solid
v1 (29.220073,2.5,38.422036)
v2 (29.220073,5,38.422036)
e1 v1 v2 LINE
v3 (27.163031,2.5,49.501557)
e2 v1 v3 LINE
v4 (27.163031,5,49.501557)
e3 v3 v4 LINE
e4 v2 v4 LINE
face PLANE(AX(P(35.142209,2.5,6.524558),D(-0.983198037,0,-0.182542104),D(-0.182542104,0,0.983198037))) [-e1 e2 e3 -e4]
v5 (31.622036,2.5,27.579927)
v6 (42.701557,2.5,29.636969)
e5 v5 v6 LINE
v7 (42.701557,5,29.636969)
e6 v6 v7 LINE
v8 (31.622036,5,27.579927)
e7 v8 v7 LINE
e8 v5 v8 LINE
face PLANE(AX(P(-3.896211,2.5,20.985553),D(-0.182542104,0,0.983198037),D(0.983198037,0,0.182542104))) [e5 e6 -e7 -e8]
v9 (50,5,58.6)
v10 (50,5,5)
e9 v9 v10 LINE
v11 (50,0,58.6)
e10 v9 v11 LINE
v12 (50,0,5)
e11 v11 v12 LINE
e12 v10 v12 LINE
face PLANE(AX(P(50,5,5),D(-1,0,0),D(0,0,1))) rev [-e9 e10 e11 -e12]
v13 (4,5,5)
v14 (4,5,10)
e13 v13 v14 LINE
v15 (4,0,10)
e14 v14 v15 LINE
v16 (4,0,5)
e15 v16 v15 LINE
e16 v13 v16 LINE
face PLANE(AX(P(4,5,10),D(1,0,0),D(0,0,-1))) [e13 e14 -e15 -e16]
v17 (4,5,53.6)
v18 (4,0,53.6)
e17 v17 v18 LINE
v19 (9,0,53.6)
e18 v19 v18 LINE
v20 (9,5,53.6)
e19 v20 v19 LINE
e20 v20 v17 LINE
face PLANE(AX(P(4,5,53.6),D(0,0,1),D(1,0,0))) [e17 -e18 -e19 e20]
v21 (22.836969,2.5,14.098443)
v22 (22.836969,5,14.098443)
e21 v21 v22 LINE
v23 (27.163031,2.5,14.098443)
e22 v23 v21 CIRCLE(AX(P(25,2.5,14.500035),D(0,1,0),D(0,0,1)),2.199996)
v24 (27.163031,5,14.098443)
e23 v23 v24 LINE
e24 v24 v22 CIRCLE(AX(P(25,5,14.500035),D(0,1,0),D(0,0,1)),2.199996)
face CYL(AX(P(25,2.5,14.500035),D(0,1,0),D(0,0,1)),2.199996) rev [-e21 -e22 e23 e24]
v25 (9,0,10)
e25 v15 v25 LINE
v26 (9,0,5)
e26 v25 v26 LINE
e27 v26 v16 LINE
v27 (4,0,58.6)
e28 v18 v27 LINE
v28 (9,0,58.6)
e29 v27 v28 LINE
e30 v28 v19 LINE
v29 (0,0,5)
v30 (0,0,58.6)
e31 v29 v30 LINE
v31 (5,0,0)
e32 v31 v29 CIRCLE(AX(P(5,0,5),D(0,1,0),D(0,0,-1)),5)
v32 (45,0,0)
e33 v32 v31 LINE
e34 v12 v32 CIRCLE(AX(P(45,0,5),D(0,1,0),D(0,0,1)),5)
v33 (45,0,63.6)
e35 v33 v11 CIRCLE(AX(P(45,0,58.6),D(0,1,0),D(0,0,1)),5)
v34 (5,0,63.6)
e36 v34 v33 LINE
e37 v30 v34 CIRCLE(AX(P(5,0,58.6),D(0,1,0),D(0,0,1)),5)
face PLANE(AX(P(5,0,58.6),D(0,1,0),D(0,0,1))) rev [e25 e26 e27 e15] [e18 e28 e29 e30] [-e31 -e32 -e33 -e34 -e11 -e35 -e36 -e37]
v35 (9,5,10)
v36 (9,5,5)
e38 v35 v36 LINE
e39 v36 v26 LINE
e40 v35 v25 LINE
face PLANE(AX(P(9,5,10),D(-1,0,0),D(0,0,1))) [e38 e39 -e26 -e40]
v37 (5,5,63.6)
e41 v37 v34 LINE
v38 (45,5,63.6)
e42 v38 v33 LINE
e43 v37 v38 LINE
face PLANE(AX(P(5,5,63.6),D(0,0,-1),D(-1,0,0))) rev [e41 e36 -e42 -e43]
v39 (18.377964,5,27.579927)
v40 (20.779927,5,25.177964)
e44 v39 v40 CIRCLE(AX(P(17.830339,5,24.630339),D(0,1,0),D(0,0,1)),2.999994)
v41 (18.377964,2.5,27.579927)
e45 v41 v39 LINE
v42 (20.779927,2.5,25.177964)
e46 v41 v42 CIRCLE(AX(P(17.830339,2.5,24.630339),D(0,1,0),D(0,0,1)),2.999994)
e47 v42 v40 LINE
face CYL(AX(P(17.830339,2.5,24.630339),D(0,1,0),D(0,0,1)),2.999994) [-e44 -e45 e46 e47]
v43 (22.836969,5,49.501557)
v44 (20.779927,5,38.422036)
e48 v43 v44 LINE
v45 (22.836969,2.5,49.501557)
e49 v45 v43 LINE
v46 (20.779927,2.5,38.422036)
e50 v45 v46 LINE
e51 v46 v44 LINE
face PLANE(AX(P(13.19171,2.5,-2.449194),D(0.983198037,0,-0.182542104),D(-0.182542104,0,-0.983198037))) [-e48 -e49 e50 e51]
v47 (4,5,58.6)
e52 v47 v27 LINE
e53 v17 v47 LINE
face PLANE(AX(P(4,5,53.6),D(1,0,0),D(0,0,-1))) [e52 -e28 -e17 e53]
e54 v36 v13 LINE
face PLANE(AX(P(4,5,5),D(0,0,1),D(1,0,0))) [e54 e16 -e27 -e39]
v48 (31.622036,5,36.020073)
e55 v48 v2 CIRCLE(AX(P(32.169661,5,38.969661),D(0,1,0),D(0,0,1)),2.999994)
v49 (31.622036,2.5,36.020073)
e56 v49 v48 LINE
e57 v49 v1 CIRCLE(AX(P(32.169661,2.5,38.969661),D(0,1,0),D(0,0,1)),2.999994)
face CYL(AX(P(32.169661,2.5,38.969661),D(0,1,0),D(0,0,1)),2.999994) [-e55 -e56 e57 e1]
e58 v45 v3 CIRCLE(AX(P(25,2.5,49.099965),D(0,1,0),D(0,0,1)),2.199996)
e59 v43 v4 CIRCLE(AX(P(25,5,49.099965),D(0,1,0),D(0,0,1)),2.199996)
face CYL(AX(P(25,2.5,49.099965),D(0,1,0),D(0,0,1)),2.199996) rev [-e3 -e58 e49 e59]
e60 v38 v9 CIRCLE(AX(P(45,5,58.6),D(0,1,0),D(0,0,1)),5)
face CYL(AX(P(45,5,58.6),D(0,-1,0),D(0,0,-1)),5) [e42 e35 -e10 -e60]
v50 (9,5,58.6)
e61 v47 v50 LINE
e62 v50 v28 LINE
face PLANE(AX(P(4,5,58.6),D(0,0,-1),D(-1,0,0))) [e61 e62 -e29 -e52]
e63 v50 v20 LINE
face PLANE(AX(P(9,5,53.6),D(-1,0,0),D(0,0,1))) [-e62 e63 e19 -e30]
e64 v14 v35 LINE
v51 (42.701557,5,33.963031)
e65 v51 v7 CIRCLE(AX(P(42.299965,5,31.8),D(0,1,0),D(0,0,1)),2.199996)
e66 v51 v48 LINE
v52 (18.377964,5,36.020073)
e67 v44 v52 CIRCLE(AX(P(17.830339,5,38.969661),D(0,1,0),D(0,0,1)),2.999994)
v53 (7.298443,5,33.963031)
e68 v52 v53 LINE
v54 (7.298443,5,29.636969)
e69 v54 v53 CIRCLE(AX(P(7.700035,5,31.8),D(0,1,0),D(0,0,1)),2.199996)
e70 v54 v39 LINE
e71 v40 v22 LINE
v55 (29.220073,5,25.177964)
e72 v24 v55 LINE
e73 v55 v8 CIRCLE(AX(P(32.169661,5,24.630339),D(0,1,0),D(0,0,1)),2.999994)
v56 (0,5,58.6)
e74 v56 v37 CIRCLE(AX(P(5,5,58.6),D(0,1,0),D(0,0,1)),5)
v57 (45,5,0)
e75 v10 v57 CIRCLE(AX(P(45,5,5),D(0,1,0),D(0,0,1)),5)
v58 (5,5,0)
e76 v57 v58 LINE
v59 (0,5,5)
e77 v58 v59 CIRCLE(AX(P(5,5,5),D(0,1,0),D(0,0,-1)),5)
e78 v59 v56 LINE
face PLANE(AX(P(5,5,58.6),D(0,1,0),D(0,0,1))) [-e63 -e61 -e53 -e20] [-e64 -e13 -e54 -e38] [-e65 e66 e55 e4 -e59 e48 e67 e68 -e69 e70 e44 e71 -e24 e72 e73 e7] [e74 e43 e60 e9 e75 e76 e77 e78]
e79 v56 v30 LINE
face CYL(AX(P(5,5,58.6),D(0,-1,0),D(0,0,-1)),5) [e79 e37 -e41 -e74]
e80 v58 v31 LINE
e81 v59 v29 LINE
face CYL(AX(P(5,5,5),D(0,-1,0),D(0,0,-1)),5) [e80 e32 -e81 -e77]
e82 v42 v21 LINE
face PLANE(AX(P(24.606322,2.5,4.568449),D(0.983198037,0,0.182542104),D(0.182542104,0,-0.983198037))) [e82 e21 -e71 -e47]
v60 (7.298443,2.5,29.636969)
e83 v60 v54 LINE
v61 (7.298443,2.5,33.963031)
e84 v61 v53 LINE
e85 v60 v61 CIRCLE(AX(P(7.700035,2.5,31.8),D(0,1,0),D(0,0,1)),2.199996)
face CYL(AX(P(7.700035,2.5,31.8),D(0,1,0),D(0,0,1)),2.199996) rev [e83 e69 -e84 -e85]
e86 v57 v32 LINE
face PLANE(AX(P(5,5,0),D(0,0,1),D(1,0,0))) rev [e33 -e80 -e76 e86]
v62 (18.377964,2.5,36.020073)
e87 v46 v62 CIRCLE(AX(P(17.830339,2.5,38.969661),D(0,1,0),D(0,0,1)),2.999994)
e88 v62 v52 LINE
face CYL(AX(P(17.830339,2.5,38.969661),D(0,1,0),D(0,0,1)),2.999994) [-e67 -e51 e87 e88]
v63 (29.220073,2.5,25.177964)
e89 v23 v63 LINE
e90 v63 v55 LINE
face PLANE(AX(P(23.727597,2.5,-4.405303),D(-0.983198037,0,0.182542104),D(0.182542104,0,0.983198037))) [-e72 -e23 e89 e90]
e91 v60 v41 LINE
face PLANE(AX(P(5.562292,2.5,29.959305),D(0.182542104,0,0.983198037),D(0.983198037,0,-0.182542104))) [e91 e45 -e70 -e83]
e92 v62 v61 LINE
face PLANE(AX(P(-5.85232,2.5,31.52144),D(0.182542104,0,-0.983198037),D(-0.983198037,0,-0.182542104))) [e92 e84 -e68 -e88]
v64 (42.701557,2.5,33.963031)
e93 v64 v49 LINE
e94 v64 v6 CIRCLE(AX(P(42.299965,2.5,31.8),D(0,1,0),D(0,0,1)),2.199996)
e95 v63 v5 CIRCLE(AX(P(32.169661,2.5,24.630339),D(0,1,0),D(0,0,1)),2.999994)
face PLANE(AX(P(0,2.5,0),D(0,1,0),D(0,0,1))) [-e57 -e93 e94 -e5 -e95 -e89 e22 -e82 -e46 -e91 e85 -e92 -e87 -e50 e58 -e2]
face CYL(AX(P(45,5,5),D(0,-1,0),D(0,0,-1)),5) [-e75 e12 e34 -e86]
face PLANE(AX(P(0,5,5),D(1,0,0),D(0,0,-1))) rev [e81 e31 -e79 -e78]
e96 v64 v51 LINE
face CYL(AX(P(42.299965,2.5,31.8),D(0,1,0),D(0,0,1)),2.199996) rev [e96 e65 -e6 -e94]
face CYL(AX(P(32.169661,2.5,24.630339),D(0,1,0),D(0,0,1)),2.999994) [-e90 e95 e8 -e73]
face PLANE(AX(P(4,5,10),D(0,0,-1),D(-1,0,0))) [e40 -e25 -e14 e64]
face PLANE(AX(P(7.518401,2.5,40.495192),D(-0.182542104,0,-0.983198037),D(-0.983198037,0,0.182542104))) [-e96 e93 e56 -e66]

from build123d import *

# Parameters (mm, degrees)
SKETCH2_W           = 5
SKETCH2_H           = 5
BOSS_EXTRUDE1_DEPTH = 5
CUT_EXTRUDE1_DEPTH  = 2.5


with BuildPart() as part:
    # Sketch2 → Boss-Extrude1 (new body)
    with BuildSketch(Plane(origin=(0, 0, 0), x_dir=(1, 0, 0), z_dir=(0, 1, 0))):
        with BuildLine():
            Line((5, 0), (45, 0))
            ThreePointArc((45, 0), (48.535533906, -1.464466094), (50, -5))
            Line((50, -5), (50, -58.6))
            ThreePointArc((50, -58.6), (48.535533906, -62.135533906), (45, -63.6))
            Line((45, -63.6), (5, -63.6))
            ThreePointArc((5, -63.6), (1.464466094, -62.135533906), (0, -58.6))
            Line((0, -58.6), (0, -5))
            ThreePointArc((0, -5), (1.464466094, -1.464466094), (5, 0))
        make_face()
        with Locations((6.5, -56.1)):
            Rectangle(SKETCH2_W, SKETCH2_H, mode=Mode.SUBTRACT)
        with Locations((6.5, -7.5)):
            Rectangle(SKETCH2_W, SKETCH2_H, mode=Mode.SUBTRACT)
    extrude(amount=BOSS_EXTRUDE1_DEPTH)

    # Sketch4 → Cut-Extrude1 (cut)
    with BuildSketch(Plane(origin=(0, 5, 0), x_dir=(1, 0, 0), z_dir=(0, 1, 0))):
        with BuildLine():
            Line((18.377964167, -27.579927161), (7.298442774, -29.636968644))
            ThreePointArc((7.298442774, -29.636968644), (6.008366652, -30.393500731), (5.500039, -31.8))
            ThreePointArc((5.500039, -31.8), (6.008366652, -33.206499269), (7.298442774, -33.963031356))
            Line((7.298442774, -33.963031356), (18.377964167, -36.020072839))
            ThreePointArc((18.377964167, -36.020072839), (19.95165505, -36.84834495), (20.779927161, -38.422035833))
            Line((20.779927161, -38.422035833), (22.836968644, -49.501557226))
            ThreePointArc((22.836968644, -49.501557226), (25, -51.299961), (27.163031356, -49.501557226))
            Line((27.163031356, -49.501557226), (29.220072839, -38.422035833))
            ThreePointArc((29.220072839, -38.422035833), (30.04834495, -36.84834495), (31.622035833, -36.020072839))
            Line((31.622035833, -36.020072839), (42.701557226, -33.963031356))
            ThreePointArc((42.701557226, -33.963031356), (44.499961, -31.8), (42.701557226, -29.636968644))
            Line((42.701557226, -29.636968644), (31.622035833, -27.579927161))
            ThreePointArc((31.622035833, -27.579927161), (30.04834495, -26.75165505), (29.220072839, -25.177964167))
            Line((29.220072839, -25.177964167), (27.163031356, -14.098442774))
            ThreePointArc((27.163031356, -14.098442774), (25, -12.300039), (22.836968644, -14.098442774))
            Line((22.836968644, -14.098442774), (20.779927161, -25.177964167))
            ThreePointArc((20.779927161, -25.177964167), (19.95165505, -26.75165505), (18.377964167, -27.579927161))
        make_face()
    extrude(amount=-CUT_EXTRUDE1_DEPTH, mode=Mode.SUBTRACT)


solid = part.part
